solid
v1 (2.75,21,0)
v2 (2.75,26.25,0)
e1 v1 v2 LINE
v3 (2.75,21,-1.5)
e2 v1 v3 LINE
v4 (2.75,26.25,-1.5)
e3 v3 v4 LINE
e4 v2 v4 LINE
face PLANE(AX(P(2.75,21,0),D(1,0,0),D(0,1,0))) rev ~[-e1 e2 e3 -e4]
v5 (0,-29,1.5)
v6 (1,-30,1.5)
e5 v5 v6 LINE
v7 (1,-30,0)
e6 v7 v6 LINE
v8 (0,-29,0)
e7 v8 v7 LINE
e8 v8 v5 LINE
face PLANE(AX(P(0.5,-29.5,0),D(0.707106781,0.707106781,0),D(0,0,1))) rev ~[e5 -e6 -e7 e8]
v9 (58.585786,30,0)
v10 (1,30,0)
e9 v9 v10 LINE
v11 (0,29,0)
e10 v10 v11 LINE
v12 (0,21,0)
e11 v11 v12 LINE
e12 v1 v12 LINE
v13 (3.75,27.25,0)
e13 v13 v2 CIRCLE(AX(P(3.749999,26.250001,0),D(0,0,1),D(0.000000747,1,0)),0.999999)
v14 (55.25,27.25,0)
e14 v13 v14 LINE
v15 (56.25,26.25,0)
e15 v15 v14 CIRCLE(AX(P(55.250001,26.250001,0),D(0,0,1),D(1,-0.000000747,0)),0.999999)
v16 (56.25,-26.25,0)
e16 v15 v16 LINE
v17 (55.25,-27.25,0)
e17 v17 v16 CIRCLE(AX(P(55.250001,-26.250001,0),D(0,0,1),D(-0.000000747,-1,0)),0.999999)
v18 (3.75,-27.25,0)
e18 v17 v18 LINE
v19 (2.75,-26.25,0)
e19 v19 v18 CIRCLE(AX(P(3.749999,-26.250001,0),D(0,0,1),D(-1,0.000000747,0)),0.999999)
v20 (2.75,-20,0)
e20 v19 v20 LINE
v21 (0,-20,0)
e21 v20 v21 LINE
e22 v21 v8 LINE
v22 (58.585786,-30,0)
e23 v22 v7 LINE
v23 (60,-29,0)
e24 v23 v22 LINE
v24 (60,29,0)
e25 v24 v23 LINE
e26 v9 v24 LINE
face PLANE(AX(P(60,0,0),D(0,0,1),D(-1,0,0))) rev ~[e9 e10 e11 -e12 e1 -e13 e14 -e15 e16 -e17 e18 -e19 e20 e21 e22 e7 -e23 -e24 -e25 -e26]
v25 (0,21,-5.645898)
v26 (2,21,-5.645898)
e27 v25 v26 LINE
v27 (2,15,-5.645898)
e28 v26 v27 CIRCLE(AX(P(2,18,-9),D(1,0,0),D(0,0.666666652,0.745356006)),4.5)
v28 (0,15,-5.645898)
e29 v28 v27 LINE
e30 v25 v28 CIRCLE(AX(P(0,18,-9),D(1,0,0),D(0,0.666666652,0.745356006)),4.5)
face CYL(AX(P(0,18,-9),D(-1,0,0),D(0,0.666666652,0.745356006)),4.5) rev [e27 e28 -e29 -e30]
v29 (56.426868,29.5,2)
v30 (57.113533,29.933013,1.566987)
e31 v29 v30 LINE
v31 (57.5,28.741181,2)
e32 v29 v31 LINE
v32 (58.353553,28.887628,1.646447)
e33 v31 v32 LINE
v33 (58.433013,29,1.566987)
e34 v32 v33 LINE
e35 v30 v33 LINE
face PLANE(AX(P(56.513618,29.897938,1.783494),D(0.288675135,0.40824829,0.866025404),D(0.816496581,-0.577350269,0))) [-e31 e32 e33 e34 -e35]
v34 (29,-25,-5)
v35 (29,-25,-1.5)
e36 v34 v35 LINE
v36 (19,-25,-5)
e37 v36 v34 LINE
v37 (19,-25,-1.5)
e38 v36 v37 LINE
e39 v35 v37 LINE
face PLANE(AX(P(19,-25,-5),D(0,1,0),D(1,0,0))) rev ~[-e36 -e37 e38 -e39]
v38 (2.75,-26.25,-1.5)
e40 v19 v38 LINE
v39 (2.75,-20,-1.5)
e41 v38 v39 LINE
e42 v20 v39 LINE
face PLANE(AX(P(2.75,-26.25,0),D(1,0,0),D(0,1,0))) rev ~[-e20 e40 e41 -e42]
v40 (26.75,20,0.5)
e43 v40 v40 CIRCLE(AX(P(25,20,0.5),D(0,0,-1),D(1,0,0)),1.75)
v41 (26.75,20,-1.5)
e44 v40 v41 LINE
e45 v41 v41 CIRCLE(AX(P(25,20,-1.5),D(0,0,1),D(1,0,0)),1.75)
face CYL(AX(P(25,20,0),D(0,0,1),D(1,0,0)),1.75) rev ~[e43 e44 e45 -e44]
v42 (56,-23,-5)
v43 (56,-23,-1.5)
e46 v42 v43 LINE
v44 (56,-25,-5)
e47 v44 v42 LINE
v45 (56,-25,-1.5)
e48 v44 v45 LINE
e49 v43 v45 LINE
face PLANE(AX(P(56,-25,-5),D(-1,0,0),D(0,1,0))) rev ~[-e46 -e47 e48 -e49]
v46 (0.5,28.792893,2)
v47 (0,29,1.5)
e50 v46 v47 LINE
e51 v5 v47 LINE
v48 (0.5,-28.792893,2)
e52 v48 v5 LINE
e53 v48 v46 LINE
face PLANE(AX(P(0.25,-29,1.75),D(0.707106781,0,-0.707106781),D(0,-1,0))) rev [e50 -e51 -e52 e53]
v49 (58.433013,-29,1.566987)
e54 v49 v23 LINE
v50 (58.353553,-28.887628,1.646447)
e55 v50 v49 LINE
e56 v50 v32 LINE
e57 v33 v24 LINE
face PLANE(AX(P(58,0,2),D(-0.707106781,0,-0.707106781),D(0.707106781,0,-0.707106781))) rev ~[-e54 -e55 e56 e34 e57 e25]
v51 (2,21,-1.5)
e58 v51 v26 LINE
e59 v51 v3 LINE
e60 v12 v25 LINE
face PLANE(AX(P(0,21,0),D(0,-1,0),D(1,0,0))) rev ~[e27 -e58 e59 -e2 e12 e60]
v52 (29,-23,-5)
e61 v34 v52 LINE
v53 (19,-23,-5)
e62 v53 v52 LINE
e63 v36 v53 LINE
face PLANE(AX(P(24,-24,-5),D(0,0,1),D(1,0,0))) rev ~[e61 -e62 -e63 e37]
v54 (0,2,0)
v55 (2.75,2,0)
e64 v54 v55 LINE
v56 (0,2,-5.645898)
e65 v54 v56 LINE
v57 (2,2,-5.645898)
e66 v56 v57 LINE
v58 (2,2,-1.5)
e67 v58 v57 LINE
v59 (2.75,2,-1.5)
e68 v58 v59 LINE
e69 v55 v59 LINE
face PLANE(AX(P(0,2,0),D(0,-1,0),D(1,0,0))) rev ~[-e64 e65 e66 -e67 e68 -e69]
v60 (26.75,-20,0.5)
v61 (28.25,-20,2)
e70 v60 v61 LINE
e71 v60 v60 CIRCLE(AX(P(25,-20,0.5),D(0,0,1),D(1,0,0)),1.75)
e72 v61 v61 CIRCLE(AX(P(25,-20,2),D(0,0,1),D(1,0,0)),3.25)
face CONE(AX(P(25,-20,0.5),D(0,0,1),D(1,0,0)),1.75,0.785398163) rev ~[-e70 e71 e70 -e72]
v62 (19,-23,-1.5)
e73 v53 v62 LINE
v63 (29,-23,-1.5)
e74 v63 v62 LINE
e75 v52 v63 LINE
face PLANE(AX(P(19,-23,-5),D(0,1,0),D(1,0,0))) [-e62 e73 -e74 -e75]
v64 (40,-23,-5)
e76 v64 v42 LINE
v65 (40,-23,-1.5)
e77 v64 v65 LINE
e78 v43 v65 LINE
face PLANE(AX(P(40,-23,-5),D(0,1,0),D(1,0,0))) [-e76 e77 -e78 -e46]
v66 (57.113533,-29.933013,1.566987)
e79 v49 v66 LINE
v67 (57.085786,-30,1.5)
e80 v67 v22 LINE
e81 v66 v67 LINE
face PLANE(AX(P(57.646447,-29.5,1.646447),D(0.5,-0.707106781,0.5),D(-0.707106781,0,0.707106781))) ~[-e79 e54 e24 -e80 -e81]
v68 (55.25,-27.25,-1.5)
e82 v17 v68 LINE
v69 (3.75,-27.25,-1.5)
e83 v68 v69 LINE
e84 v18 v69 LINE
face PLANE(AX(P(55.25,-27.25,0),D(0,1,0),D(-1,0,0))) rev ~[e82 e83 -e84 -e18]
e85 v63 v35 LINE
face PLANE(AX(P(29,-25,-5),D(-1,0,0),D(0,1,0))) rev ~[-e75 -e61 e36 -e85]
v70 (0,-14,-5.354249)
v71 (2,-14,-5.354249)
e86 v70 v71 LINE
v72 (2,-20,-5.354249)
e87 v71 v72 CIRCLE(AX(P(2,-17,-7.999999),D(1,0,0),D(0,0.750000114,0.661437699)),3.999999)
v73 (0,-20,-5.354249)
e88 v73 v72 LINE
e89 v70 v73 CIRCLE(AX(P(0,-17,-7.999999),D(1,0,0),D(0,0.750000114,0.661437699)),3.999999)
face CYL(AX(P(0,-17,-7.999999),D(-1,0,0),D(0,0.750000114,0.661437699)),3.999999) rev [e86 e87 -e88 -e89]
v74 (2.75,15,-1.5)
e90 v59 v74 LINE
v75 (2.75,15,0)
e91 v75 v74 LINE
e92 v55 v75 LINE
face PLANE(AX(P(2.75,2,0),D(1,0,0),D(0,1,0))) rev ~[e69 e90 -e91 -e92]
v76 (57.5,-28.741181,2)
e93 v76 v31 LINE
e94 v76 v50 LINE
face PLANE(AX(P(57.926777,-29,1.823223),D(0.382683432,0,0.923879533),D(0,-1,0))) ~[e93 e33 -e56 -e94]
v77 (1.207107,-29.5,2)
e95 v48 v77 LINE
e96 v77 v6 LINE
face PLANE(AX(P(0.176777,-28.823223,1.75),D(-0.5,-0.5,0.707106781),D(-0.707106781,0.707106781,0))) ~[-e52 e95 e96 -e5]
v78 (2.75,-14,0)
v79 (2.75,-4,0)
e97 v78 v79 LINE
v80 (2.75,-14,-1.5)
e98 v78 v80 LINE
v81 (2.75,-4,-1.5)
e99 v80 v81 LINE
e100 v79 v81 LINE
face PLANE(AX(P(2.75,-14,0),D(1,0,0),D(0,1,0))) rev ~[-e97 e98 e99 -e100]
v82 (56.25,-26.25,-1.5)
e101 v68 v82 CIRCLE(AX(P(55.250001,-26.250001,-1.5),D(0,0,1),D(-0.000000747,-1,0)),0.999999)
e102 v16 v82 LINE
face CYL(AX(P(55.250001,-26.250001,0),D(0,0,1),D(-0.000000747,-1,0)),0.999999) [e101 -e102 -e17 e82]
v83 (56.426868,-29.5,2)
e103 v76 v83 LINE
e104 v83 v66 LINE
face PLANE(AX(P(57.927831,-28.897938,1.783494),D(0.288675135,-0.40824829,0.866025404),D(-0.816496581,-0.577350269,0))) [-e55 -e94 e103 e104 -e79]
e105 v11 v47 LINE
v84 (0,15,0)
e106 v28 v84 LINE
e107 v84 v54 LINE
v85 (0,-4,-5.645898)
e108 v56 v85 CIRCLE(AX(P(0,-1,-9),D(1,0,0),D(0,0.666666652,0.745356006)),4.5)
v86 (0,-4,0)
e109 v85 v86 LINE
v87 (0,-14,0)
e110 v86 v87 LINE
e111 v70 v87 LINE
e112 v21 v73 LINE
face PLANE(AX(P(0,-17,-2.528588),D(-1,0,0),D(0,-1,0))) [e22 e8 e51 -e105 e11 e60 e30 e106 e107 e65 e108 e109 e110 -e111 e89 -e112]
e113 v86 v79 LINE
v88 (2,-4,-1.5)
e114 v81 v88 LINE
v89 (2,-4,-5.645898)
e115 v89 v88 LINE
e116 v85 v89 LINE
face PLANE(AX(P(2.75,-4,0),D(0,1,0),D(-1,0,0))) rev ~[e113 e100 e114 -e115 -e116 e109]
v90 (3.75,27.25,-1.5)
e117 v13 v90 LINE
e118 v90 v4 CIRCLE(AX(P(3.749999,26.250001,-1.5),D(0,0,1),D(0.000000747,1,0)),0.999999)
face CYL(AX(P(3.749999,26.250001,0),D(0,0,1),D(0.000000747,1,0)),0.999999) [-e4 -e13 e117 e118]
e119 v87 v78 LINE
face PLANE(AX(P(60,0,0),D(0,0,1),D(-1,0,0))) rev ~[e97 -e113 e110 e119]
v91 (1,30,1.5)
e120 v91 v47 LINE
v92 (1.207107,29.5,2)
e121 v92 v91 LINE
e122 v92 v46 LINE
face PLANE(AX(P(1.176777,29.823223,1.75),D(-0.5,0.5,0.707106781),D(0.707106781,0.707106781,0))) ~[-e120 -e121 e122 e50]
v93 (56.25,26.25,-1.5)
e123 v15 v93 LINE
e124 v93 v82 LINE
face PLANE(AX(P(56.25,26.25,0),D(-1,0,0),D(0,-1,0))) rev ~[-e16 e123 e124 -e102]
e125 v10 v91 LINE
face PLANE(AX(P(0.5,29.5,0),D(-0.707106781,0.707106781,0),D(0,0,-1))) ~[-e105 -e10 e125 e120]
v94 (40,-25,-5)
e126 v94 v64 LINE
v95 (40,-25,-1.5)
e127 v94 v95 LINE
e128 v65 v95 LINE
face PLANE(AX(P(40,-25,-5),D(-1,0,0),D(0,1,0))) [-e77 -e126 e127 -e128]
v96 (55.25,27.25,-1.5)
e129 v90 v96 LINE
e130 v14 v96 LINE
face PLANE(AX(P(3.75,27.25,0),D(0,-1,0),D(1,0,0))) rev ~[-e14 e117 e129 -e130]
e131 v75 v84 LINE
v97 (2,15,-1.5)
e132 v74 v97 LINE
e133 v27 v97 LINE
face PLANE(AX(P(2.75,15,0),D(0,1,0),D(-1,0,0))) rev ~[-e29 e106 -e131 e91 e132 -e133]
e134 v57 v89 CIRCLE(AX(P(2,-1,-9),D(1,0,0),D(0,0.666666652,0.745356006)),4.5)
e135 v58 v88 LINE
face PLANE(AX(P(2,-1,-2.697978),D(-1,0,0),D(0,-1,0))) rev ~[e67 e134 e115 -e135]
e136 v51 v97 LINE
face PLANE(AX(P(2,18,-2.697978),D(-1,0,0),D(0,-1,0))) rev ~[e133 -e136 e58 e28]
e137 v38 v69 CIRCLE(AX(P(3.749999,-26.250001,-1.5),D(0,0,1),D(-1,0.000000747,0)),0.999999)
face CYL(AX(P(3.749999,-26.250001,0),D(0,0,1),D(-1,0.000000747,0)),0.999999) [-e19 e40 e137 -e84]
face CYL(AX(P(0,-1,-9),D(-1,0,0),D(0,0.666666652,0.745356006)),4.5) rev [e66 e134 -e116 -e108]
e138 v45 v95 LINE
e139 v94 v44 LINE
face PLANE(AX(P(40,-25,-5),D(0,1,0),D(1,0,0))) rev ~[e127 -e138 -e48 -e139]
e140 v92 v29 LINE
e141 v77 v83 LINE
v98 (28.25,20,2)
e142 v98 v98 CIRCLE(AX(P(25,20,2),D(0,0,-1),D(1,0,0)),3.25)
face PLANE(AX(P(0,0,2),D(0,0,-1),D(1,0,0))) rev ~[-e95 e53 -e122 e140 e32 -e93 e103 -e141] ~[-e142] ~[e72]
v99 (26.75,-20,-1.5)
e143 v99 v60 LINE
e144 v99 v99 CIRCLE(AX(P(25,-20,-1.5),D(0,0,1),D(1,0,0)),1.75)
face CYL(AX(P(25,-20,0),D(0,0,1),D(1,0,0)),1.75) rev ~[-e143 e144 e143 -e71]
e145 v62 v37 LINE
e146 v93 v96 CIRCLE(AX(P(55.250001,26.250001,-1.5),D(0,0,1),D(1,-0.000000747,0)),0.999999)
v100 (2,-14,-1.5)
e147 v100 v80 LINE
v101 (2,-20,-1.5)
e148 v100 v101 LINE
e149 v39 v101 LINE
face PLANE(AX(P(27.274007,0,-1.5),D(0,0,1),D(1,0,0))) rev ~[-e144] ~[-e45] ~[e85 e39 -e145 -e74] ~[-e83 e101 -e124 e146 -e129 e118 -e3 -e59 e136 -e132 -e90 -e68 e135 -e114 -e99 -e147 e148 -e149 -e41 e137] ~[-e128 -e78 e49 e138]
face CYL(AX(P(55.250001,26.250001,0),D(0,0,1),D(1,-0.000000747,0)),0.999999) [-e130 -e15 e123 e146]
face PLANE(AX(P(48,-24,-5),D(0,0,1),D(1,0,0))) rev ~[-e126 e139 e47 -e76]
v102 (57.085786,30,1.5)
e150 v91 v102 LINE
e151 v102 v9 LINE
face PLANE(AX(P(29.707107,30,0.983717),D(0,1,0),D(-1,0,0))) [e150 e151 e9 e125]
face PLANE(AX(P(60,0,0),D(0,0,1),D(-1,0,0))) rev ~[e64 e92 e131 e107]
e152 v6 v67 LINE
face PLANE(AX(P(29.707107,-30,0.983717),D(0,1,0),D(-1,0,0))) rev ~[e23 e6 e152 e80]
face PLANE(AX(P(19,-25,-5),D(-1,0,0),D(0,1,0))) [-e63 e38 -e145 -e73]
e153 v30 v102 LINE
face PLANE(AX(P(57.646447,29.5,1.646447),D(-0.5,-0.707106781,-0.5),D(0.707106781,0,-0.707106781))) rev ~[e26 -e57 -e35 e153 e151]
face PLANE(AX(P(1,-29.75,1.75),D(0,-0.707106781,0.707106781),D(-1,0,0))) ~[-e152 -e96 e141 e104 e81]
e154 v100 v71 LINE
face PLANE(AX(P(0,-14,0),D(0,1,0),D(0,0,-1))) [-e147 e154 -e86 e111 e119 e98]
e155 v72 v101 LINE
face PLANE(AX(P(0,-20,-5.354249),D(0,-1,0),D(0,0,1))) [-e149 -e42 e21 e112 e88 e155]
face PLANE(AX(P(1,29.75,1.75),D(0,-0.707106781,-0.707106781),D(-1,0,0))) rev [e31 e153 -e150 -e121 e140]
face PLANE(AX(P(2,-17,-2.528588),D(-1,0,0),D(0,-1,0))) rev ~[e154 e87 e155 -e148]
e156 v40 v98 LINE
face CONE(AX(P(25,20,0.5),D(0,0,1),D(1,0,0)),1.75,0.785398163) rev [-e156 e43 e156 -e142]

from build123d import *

# Parameters (mm, degrees)
PAD007_DEPTH    = 30
PAD004_DEPTH    = 1.5
PAD006_DEPTH    = 2
SKETCH016_R     = 1.75
POCKET009_DEPTH = 2.5
SKETCH018_W     = 10
SKETCH018_H     = 2
SKETCH018_W_2   = 16
PAD008_DEPTH    = 4
CHAMFER001_SIZE = 1.5
CHAMFER002_SIZE = 1
CHAMFER003_SIZE = 0.5


with BuildPart() as part:
    # Sketch017 → Pad007 (new body, symmetric)
    with BuildSketch(Plane.XZ):
        Polygon((0, 0), (0, 2), (58, 2), (60, 0), align=None)
    extrude(amount=PAD007_DEPTH, both=True)

    # Sketch013 → Pad004 (join)
    with BuildSketch(Plane.XY):
        with BuildLine():
            ThreePointArc((3.75, 27.25), (3.042893, 26.957107), (2.75, 26.25))
            Line((2.75, 21), (2.75, 26.25))
            Line((0, 21), (2.75, 21))
            Line((0, 15), (0, 21))
            Line((2.75, 15), (0, 15))
            Line((2.75, 2), (2.75, 15))
            Line((0, 2), (2.75, 2))
            Line((0, -4), (0, 2))
            Line((2.75, -4), (0, -4))
            Line((2.75, -14), (2.75, -4))
            Line((0, -14), (2.75, -14))
            Line((0, -20), (0, -14))
            Line((2.75, -20), (0, -20))
            Line((2.75, -26.25), (2.75, -20))
            ThreePointArc((2.75, -26.25), (3.042893, -26.957107), (3.75, -27.25))
            Line((55.25, -27.25), (3.75, -27.25))
            ThreePointArc((55.25, -27.25), (55.957107, -26.957107), (56.25, -26.25))
            Line((56.25, 26.25), (56.25, -26.25))
            ThreePointArc((56.25, 26.25), (55.957107, 26.957107), (55.25, 27.25))
            Line((3.75, 27.25), (55.25, 27.25))
        make_face()
    extrude(amount=-PAD004_DEPTH)

    # Sketch015 → Pad006 (join)
    with BuildSketch(Plane.YZ):
        with BuildLine():
            ThreePointArc((-14, -5.354249), (-17, -4), (-20, -5.354249))
            Line((-20, -5.354249), (-20, 0))
            Line((-20, 0), (-14, 0))
            Line((-14, 0), (-14, -5.354249))
        make_face()
        with BuildLine():
            ThreePointArc((2, -5.645898), (-1, -4.5), (-4, -5.645898))
            Line((-4, -5.645898), (-4, 0))
            Line((-4, 0), (2, 0))
            Line((2, 0), (2, -5.645898))
        make_face()
        with BuildLine():
            ThreePointArc((21, -5.645898), (18, -4.5), (15, -5.645898))
            Line((15, -5.645898), (15, 0))
            Line((15, 0), (21, 0))
            Line((21, 0), (21, -5.645898))
        make_face()
    extrude(amount=PAD006_DEPTH)

    # Sketch016 → Pocket009 (cut, symmetric)
    with BuildSketch(Plane.XY):
        with Locations((25, 20)):
            Circle(SKETCH016_R)
        with Locations((25, -20)):
            Circle(SKETCH016_R)
    extrude(amount=POCKET009_DEPTH, both=True, mode=Mode.SUBTRACT)

    # Sketch018 → Pad008 (join)
    with BuildSketch(Plane.XY.offset(-5)):
        with Locations((24, -24)):
            Rectangle(SKETCH018_W, SKETCH018_H)
        with Locations((48, -24)):
            Rectangle(SKETCH018_W_2, SKETCH018_H)
    extrude(amount=PAD008_DEPTH)

    # Chamfer001
    chamfer001_edges = [part.edges().sort_by_distance(p)[0] for p in [
        (23.25, 20, 2),
        (23.25, -20, 2),
    ]]
    chamfer(chamfer001_edges, length=CHAMFER001_SIZE)

    # Chamfer002
    chamfer002_edges = [part.edges().sort_by_distance(p)[0] for p in [
        (59, -30, 1),
        (0, -30, 1),
        (0, 30, 1),
        (59, 30, 1),
    ]]
    chamfer(chamfer002_edges, length=CHAMFER002_SIZE)

    # Chamfer003
    chamfer003_edges = [part.edges().sort_by_distance(p)[0] for p in [
        (28.792893, 30, 2),
        (0.5, 29.5, 2),
        (0, 0, 2),
        (0.5, -29.5, 2),
        (28.792893, -30, 2),
        (57.292893, -29.5, 2),
        (58, 0, 2),
        (57.292893, 29.5, 2),
    ]]
    chamfer(chamfer003_edges, length=CHAMFER003_SIZE)


solid = part.part
